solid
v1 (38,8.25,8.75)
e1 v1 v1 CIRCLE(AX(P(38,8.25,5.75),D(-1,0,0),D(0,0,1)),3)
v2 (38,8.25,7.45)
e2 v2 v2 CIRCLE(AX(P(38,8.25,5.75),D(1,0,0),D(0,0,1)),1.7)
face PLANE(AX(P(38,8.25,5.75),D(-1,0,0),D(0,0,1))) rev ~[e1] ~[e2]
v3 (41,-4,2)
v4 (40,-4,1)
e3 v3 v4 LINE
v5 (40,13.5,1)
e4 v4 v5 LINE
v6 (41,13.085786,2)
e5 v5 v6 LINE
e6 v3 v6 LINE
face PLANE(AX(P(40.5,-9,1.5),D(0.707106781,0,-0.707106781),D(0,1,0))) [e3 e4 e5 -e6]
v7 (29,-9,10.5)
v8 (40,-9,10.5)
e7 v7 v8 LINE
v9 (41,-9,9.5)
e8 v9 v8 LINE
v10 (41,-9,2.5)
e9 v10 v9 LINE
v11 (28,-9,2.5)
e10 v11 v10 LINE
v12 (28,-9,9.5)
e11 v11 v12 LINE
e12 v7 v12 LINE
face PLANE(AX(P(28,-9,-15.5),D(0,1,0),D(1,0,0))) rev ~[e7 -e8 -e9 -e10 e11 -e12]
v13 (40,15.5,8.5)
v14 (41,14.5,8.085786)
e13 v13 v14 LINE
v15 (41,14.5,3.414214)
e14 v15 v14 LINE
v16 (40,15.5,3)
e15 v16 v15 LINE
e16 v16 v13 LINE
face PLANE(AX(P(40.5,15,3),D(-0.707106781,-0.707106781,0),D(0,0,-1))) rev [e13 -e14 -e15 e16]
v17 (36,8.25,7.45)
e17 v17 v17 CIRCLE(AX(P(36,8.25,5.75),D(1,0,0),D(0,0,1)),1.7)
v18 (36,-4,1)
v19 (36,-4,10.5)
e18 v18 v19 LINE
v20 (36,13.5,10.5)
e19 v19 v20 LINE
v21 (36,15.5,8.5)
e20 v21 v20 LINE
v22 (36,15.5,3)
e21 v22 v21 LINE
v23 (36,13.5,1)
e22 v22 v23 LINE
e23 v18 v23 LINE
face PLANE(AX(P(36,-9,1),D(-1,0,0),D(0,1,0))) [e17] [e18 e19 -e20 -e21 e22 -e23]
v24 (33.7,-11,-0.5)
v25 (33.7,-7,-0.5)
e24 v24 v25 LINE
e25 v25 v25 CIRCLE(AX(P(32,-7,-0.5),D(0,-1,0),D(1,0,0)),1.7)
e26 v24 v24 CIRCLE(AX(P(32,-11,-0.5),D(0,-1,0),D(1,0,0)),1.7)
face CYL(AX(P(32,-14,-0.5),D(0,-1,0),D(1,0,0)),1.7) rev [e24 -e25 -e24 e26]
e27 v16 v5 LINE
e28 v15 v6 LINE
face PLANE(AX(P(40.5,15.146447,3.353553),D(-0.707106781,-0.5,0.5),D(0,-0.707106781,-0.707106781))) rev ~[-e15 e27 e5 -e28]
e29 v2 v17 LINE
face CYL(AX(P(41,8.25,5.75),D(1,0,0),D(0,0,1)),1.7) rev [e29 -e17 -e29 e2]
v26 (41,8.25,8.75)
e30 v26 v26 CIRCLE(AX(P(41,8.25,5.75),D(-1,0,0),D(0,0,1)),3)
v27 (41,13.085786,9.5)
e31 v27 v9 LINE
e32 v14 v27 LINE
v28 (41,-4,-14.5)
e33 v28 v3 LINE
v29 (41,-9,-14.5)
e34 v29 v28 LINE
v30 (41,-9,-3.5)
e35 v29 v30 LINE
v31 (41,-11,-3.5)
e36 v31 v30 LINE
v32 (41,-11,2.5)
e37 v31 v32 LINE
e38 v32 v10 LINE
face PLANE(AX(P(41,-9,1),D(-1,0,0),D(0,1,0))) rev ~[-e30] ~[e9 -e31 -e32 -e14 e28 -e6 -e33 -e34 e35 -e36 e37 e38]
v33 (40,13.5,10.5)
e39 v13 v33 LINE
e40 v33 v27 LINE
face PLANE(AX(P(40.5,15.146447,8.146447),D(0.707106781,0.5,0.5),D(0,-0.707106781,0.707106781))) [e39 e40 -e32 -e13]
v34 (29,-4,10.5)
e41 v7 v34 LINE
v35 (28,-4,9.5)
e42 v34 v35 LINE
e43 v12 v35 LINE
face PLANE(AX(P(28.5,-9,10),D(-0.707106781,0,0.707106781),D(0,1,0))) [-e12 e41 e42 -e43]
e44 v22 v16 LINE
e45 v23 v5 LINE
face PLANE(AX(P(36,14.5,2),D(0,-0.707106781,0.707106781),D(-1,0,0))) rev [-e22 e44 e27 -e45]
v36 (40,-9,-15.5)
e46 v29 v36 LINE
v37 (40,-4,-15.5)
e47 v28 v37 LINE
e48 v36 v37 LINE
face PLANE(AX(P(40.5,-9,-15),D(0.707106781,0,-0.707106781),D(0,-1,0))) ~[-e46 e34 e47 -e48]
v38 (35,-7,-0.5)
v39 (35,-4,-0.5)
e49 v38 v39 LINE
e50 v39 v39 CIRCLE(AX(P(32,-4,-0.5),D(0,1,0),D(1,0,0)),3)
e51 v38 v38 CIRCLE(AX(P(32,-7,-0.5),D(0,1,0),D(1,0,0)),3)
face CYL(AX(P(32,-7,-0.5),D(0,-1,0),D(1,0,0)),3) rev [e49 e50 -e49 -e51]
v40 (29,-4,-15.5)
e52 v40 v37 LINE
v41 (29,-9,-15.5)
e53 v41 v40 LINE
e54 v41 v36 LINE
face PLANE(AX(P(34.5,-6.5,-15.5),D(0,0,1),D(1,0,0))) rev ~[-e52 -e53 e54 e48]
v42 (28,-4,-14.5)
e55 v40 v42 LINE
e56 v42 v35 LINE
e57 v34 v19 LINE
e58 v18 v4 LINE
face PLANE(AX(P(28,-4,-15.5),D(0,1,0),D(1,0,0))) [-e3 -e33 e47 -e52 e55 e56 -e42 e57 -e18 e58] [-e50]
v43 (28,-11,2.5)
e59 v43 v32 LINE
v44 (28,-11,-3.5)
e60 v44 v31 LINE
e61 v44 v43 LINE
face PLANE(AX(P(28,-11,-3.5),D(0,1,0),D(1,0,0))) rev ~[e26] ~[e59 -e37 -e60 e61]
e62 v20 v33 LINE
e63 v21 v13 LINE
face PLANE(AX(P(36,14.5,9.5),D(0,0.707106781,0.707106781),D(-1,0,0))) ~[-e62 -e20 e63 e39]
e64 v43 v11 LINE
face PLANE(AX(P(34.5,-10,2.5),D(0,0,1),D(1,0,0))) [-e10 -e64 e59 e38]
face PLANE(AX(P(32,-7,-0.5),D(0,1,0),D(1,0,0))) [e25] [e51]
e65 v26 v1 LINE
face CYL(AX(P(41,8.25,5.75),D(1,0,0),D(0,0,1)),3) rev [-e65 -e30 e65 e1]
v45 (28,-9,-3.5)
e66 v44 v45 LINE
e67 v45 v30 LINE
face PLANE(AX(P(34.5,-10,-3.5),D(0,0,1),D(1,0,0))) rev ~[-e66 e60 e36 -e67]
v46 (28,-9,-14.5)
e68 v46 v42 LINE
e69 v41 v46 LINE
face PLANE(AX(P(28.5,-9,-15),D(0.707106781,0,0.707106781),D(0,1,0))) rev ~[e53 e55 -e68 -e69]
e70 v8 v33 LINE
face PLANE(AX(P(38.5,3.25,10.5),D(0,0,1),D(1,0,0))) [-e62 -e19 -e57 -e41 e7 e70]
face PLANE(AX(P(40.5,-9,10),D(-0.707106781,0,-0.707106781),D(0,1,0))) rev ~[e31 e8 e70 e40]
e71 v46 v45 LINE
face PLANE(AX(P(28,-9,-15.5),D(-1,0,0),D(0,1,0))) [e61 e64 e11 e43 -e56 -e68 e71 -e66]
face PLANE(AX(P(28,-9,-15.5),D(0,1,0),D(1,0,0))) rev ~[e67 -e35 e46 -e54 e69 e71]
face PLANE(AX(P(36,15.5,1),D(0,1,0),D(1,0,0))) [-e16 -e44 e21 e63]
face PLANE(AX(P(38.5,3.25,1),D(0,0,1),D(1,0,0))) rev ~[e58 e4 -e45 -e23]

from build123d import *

# Parameters (mm, degrees)
CYLINDER029_R     = 3
CYLINDER029_DEPTH = 3
CYLINDER028_R     = 1.7
CYLINDER028_DEPTH = 10
CYLINDER025_R     = 3
CYLINDER025_DEPTH = 3
CYLINDER026_R     = 1.7
CYLINDER026_DEPTH = 10
BOX036_W          = 13
BOX036_H          = 2
BOX036_DEPTH      = 6
BOX033_W          = 5
BOX033_H          = 24.5
BOX033_DEPTH      = 9.5
CHAMFER007_SIZE   = 2
CHAMFER008_SIZE   = 1
BOX037_W          = 13
BOX037_H          = 5
BOX037_DEPTH      = 26
CHAMFER009_SIZE   = 1
CHAMFER010_SIZE   = 1


with BuildPart() as cylinder029:
    # Cylinder029 → Cylinder029 (new body)
    with BuildSketch(Plane(origin=(32, -7, -0.5), x_dir=(1, 0, 0), z_dir=(0, 1, 0))):
        Circle(CYLINDER029_R)
    extrude(amount=CYLINDER029_DEPTH)


with BuildPart() as cylinder028:
    # Cylinder028 → Cylinder028 (new body)
    with BuildSketch(Plane(origin=(32, -14, -0.5), x_dir=(1, 0, 0), z_dir=(0, 1, 0))):
        Circle(CYLINDER028_R)
    extrude(amount=CYLINDER028_DEPTH)


with BuildPart() as cylinder025:
    # Cylinder025 → Cylinder025 (new body)
    with BuildSketch(Plane(origin=(41, 8.25, 5.75), x_dir=(0, 0, 1), z_dir=(-1, 0, 0))):
        Circle(CYLINDER025_R)
    extrude(amount=CYLINDER025_DEPTH)


with BuildPart() as cylinder026:
    # Cylinder026 → Cylinder026 (new body)
    with BuildSketch(Plane(origin=(41, 8.25, 5.75), x_dir=(0, 0, 1), z_dir=(-1, 0, 0))):
        Circle(CYLINDER026_R)
    extrude(amount=CYLINDER026_DEPTH)


with BuildPart() as cube036:
    # Box036 → Box036 (new body)
    with BuildSketch(Plane(origin=(28, -11, -3.5), x_dir=(1, 0, 0), z_dir=(0, 0, 1))):
        with Locations((6.5, 1)):
            Rectangle(BOX036_W, BOX036_H)
    extrude(amount=BOX036_DEPTH)


with BuildPart() as chamfer008:
    # Box033 → Box033 (new body)
    with BuildSketch(Plane(origin=(36, -9, 1), x_dir=(1, 0, 0), z_dir=(0, 0, 1))):
        with Locations((2.5, 12.25)):
            Rectangle(BOX033_W, BOX033_H)
    extrude(amount=BOX033_DEPTH)

    # Chamfer007
    chamfer007_edges = [chamfer008.edges().sort_by_distance(p)[0] for p in [
        (38.5, 15.5, 1),
        (38.5, 15.5, 10.5),
    ]]
    chamfer(chamfer007_edges, length=CHAMFER007_SIZE)

    # Chamfer008
    chamfer008_edges = [chamfer008.edges().sort_by_distance(p)[0] for p in [
        (41, 2.25, 10.5),
        (41, 14.5, 9.5),
        (41, 15.5, 5.75),
        (41, 2.25, 1),
        (41, 14.5, 2),
    ]]
    chamfer(chamfer008_edges, length=CHAMFER008_SIZE)


with BuildPart() as cut007016008:
    # Box037 → Box037 (new body)
    with BuildSketch(Plane(origin=(28, -9, -15.5), x_dir=(1, 0, 0), z_dir=(0, 0, 1))):
        with Locations((6.5, 2.5)):
            Rectangle(BOX037_W, BOX037_H)
    extrude(amount=BOX037_DEPTH)

    # Chamfer009
    chamfer009_edges = [cut007016008.edges().sort_by_distance(p)[0] for p in [
        (41, -6.5, 10.5),
    ]]
    chamfer(chamfer009_edges, length=CHAMFER009_SIZE)

    # Chamfer010
    chamfer010_edges = [cut007016008.edges().sort_by_distance(p)[0] for p in [
        (41, -6.5, -15.5),
        (28, -6.5, -15.5),
        (28, -6.5, 10.5),
    ]]
    chamfer(chamfer010_edges, length=CHAMFER010_SIZE)

    # Fusion003007006011: union Cube036, Chamfer008
    add(cube036.part)
    add(chamfer008.part)

    # Cut007016003: cut Cylinder026
    add(cylinder026.part, mode=Mode.SUBTRACT)

    # Cut007016006: cut Cylinder025
    add(cylinder025.part, mode=Mode.SUBTRACT)

    # Cut007016007: cut Cylinder028
    add(cylinder028.part, mode=Mode.SUBTRACT)

    # Cut007016008: cut Cylinder029
    add(cylinder029.part, mode=Mode.SUBTRACT)


solid = cut007016008.part
